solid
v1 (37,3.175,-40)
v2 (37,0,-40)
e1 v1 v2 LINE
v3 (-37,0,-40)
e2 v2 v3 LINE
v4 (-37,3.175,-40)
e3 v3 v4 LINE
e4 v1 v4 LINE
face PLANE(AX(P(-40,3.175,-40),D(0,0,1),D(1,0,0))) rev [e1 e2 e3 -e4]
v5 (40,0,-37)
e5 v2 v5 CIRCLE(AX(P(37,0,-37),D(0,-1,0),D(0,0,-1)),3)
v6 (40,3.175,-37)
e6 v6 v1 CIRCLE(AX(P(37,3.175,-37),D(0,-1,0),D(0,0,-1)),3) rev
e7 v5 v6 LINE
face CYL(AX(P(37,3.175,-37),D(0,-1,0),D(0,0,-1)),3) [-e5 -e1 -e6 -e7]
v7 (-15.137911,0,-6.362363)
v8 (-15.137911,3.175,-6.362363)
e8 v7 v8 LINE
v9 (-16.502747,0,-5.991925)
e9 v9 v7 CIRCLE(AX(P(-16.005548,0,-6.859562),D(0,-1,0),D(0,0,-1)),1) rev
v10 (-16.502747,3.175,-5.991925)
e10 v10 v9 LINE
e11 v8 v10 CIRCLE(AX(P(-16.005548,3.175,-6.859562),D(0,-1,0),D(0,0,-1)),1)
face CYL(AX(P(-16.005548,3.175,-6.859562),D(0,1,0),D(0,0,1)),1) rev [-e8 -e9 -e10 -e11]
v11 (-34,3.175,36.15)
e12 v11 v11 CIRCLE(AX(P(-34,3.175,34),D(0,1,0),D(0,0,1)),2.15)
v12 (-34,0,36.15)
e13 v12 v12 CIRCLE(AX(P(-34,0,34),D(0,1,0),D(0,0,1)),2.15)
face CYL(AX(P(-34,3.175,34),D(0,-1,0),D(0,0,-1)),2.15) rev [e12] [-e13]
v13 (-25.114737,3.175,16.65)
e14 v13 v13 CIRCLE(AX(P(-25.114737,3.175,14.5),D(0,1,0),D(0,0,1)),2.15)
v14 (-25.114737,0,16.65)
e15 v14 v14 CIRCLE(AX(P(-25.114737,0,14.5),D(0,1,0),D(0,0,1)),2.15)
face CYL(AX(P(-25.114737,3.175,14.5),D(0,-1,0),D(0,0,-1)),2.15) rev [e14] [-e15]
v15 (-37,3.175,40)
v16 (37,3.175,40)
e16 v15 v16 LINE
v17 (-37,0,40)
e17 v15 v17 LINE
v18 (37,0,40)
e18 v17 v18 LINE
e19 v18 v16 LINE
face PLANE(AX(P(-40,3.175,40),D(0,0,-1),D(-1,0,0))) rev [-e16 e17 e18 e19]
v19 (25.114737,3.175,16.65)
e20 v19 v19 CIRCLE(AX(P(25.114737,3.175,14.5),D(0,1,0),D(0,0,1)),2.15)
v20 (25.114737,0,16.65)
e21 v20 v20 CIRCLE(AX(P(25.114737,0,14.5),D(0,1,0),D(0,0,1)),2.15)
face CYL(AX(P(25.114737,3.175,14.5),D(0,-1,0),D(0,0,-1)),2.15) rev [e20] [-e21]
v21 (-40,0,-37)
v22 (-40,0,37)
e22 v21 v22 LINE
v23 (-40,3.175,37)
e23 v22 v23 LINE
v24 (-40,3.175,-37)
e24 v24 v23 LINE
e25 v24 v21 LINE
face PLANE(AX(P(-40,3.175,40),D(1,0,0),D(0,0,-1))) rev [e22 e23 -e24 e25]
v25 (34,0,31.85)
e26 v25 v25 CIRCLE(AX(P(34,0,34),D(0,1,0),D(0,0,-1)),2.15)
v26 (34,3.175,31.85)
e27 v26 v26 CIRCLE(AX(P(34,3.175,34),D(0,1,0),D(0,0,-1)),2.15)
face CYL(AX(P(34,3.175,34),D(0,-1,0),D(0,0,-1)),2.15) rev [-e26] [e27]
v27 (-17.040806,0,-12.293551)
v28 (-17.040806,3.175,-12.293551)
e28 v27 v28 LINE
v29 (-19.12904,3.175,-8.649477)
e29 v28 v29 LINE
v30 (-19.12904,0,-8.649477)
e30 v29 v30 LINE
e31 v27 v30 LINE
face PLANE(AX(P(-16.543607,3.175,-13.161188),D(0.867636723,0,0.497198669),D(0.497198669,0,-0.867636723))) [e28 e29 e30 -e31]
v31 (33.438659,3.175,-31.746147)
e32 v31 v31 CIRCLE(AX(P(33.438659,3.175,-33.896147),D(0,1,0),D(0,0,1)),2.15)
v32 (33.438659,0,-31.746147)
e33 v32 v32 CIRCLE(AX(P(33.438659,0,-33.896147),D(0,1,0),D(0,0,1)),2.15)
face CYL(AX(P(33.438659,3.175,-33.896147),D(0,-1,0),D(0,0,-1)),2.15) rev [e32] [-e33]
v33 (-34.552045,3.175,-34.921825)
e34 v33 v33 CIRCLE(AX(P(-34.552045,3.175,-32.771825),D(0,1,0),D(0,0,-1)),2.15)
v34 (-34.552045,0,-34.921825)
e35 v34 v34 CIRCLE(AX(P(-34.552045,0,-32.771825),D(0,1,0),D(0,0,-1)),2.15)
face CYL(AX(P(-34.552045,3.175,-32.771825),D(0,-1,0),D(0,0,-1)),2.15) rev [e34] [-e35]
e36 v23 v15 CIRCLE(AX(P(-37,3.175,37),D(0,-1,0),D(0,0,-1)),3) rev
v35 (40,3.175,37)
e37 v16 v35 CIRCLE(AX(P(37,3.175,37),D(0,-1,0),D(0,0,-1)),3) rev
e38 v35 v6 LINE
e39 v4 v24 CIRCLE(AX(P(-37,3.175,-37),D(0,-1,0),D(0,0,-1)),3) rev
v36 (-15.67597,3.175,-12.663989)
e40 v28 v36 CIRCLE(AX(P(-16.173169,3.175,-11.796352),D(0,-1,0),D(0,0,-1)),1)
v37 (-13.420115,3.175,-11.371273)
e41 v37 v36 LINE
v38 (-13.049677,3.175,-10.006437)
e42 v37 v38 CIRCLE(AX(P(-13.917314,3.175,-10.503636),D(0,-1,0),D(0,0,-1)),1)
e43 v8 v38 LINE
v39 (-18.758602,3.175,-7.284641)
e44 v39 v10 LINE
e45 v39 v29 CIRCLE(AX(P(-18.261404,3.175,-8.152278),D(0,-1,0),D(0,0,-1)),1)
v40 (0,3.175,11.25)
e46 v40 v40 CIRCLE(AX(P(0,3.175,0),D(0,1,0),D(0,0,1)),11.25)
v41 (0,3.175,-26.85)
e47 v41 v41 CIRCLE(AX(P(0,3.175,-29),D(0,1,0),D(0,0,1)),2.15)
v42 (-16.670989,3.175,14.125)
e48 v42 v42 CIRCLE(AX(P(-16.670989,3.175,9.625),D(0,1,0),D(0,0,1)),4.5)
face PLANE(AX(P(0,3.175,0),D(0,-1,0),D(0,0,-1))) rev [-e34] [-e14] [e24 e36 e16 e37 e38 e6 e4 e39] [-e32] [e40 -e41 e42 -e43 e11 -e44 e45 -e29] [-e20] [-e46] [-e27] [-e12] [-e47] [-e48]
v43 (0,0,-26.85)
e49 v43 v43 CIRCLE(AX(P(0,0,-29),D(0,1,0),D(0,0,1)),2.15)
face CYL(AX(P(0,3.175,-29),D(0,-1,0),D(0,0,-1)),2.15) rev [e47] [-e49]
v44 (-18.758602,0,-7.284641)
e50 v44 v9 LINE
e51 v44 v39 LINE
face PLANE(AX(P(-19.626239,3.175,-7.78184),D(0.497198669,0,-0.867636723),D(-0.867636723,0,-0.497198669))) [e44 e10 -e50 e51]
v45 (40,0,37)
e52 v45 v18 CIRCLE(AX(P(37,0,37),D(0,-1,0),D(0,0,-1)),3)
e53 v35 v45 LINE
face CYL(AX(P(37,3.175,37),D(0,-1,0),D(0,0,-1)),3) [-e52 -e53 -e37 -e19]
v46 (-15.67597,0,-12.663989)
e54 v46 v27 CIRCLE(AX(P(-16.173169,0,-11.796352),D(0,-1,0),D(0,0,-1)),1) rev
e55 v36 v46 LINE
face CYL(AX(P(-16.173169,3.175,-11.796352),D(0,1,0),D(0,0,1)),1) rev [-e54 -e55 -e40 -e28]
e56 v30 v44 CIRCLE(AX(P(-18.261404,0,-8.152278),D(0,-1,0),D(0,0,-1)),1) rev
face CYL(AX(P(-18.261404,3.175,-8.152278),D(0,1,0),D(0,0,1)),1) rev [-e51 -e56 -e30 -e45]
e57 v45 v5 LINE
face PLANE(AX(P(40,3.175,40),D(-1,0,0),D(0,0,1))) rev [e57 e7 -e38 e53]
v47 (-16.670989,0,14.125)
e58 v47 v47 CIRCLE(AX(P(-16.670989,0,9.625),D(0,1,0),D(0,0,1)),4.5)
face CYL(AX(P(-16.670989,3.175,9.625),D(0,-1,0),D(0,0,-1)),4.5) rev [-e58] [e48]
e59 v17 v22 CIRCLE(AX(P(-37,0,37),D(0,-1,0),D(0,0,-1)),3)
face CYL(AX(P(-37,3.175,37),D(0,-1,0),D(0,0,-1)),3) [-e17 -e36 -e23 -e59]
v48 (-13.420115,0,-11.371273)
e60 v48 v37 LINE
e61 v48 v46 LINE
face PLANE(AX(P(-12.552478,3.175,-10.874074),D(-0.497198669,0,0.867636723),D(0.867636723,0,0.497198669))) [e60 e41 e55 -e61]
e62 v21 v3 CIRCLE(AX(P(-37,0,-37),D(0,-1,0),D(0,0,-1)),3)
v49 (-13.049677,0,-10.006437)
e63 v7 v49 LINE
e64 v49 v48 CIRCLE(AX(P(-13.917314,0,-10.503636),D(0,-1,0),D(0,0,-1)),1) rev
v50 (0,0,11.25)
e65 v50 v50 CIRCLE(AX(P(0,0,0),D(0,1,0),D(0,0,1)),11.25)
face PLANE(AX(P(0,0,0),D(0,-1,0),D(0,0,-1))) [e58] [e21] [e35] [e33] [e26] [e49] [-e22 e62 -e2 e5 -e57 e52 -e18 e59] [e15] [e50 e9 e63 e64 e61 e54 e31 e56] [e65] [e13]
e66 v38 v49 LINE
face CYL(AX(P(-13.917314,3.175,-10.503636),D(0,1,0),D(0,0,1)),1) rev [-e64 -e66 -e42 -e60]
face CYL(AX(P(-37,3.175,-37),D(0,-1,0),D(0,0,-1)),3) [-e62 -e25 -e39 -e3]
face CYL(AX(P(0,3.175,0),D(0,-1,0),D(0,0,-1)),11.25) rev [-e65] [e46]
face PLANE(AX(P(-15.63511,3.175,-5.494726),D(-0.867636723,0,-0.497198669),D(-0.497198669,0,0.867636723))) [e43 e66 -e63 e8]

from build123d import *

# Parameters (mm, degrees)
SKETCH1_W           = 80
SKETCH1_H           = 80
SKETCH1_R           = 11.25
SKETCH1_R_2         = 2.15
SKETCH1_R_3         = 4.5
BOSS_EXTRUDE1_DEPTH = 3.175
FILLET1_R           = 3
FILLET2_R           = 1


with BuildPart() as part:
    # Sketch1 → Boss-Extrude1 (new body)
    with BuildSketch(Plane(origin=(0, 0, 0), x_dir=(1, 0, 0), z_dir=(0, 1, 0))):
        Rectangle(SKETCH1_W, SKETCH1_H)
        with Locations(Location((0, 0, 0), (0, 0, 270))):
            Circle(SKETCH1_R, mode=Mode.SUBTRACT)
        with Locations(Location((0, 29, 0), (0, 0, 270))):
            Circle(SKETCH1_R_2, mode=Mode.SUBTRACT)
        with Locations(Location((25.11473671, -14.5, 0), (0, 0, 270))):
            Circle(SKETCH1_R_2, mode=Mode.SUBTRACT)
        with Locations(Location((-25.11473671, -14.5, 0), (0, 0, 270))):
            Circle(SKETCH1_R_2, mode=Mode.SUBTRACT)
        with Locations(Location((-34, -34, 0), (0, 0, 270))):
            Circle(SKETCH1_R_2, mode=Mode.SUBTRACT)
        with Locations(Location((34, -34, 0), (0, 0, 90))):
            Circle(SKETCH1_R_2, mode=Mode.SUBTRACT)
        with Locations(Location((33.43865922, 33.896147379, 0), (0, 0, 270))):
            Circle(SKETCH1_R_2, mode=Mode.SUBTRACT)
        with Locations(Location((-34.552045293, 32.77182544, 0), (0, 0, 90))):
            Circle(SKETCH1_R_2, mode=Mode.SUBTRACT)
        with Locations(Location((-16.670989023, -9.625, 0), (0, 0, 270))):
            Circle(SKETCH1_R_3, mode=Mode.SUBTRACT)
        Polygon((-19.626238937, 7.781840133), (-15.635110011, 5.494726254), (-12.552478261, 10.874073937), (-16.543607188, 13.161187816), align=None, mode=Mode.SUBTRACT)
    extrude(amount=BOSS_EXTRUDE1_DEPTH)

    # Fillet1
    fillet1_edges = [part.edges().sort_by_distance(p)[0] for p in [
        (40, 1.5875, 40),
        (-40, 1.5875, 40),
        (-40, 1.5875, -40),
        (40, 1.5875, -40),
    ]]
    fillet(fillet1_edges, radius=FILLET1_R)

    # Fillet2
    fillet2_edges = [part.edges().sort_by_distance(p)[0] for p in [
        (-16.543607188, 1.5875, -13.161187816),
        (-19.626238937, 1.5875, -7.781840133),
        (-15.635110011, 1.5875, -5.494726254),
        (-12.552478261, 1.5875, -10.874073937),
    ]]
    fillet(fillet2_edges, radius=FILLET2_R)


solid = part.part
